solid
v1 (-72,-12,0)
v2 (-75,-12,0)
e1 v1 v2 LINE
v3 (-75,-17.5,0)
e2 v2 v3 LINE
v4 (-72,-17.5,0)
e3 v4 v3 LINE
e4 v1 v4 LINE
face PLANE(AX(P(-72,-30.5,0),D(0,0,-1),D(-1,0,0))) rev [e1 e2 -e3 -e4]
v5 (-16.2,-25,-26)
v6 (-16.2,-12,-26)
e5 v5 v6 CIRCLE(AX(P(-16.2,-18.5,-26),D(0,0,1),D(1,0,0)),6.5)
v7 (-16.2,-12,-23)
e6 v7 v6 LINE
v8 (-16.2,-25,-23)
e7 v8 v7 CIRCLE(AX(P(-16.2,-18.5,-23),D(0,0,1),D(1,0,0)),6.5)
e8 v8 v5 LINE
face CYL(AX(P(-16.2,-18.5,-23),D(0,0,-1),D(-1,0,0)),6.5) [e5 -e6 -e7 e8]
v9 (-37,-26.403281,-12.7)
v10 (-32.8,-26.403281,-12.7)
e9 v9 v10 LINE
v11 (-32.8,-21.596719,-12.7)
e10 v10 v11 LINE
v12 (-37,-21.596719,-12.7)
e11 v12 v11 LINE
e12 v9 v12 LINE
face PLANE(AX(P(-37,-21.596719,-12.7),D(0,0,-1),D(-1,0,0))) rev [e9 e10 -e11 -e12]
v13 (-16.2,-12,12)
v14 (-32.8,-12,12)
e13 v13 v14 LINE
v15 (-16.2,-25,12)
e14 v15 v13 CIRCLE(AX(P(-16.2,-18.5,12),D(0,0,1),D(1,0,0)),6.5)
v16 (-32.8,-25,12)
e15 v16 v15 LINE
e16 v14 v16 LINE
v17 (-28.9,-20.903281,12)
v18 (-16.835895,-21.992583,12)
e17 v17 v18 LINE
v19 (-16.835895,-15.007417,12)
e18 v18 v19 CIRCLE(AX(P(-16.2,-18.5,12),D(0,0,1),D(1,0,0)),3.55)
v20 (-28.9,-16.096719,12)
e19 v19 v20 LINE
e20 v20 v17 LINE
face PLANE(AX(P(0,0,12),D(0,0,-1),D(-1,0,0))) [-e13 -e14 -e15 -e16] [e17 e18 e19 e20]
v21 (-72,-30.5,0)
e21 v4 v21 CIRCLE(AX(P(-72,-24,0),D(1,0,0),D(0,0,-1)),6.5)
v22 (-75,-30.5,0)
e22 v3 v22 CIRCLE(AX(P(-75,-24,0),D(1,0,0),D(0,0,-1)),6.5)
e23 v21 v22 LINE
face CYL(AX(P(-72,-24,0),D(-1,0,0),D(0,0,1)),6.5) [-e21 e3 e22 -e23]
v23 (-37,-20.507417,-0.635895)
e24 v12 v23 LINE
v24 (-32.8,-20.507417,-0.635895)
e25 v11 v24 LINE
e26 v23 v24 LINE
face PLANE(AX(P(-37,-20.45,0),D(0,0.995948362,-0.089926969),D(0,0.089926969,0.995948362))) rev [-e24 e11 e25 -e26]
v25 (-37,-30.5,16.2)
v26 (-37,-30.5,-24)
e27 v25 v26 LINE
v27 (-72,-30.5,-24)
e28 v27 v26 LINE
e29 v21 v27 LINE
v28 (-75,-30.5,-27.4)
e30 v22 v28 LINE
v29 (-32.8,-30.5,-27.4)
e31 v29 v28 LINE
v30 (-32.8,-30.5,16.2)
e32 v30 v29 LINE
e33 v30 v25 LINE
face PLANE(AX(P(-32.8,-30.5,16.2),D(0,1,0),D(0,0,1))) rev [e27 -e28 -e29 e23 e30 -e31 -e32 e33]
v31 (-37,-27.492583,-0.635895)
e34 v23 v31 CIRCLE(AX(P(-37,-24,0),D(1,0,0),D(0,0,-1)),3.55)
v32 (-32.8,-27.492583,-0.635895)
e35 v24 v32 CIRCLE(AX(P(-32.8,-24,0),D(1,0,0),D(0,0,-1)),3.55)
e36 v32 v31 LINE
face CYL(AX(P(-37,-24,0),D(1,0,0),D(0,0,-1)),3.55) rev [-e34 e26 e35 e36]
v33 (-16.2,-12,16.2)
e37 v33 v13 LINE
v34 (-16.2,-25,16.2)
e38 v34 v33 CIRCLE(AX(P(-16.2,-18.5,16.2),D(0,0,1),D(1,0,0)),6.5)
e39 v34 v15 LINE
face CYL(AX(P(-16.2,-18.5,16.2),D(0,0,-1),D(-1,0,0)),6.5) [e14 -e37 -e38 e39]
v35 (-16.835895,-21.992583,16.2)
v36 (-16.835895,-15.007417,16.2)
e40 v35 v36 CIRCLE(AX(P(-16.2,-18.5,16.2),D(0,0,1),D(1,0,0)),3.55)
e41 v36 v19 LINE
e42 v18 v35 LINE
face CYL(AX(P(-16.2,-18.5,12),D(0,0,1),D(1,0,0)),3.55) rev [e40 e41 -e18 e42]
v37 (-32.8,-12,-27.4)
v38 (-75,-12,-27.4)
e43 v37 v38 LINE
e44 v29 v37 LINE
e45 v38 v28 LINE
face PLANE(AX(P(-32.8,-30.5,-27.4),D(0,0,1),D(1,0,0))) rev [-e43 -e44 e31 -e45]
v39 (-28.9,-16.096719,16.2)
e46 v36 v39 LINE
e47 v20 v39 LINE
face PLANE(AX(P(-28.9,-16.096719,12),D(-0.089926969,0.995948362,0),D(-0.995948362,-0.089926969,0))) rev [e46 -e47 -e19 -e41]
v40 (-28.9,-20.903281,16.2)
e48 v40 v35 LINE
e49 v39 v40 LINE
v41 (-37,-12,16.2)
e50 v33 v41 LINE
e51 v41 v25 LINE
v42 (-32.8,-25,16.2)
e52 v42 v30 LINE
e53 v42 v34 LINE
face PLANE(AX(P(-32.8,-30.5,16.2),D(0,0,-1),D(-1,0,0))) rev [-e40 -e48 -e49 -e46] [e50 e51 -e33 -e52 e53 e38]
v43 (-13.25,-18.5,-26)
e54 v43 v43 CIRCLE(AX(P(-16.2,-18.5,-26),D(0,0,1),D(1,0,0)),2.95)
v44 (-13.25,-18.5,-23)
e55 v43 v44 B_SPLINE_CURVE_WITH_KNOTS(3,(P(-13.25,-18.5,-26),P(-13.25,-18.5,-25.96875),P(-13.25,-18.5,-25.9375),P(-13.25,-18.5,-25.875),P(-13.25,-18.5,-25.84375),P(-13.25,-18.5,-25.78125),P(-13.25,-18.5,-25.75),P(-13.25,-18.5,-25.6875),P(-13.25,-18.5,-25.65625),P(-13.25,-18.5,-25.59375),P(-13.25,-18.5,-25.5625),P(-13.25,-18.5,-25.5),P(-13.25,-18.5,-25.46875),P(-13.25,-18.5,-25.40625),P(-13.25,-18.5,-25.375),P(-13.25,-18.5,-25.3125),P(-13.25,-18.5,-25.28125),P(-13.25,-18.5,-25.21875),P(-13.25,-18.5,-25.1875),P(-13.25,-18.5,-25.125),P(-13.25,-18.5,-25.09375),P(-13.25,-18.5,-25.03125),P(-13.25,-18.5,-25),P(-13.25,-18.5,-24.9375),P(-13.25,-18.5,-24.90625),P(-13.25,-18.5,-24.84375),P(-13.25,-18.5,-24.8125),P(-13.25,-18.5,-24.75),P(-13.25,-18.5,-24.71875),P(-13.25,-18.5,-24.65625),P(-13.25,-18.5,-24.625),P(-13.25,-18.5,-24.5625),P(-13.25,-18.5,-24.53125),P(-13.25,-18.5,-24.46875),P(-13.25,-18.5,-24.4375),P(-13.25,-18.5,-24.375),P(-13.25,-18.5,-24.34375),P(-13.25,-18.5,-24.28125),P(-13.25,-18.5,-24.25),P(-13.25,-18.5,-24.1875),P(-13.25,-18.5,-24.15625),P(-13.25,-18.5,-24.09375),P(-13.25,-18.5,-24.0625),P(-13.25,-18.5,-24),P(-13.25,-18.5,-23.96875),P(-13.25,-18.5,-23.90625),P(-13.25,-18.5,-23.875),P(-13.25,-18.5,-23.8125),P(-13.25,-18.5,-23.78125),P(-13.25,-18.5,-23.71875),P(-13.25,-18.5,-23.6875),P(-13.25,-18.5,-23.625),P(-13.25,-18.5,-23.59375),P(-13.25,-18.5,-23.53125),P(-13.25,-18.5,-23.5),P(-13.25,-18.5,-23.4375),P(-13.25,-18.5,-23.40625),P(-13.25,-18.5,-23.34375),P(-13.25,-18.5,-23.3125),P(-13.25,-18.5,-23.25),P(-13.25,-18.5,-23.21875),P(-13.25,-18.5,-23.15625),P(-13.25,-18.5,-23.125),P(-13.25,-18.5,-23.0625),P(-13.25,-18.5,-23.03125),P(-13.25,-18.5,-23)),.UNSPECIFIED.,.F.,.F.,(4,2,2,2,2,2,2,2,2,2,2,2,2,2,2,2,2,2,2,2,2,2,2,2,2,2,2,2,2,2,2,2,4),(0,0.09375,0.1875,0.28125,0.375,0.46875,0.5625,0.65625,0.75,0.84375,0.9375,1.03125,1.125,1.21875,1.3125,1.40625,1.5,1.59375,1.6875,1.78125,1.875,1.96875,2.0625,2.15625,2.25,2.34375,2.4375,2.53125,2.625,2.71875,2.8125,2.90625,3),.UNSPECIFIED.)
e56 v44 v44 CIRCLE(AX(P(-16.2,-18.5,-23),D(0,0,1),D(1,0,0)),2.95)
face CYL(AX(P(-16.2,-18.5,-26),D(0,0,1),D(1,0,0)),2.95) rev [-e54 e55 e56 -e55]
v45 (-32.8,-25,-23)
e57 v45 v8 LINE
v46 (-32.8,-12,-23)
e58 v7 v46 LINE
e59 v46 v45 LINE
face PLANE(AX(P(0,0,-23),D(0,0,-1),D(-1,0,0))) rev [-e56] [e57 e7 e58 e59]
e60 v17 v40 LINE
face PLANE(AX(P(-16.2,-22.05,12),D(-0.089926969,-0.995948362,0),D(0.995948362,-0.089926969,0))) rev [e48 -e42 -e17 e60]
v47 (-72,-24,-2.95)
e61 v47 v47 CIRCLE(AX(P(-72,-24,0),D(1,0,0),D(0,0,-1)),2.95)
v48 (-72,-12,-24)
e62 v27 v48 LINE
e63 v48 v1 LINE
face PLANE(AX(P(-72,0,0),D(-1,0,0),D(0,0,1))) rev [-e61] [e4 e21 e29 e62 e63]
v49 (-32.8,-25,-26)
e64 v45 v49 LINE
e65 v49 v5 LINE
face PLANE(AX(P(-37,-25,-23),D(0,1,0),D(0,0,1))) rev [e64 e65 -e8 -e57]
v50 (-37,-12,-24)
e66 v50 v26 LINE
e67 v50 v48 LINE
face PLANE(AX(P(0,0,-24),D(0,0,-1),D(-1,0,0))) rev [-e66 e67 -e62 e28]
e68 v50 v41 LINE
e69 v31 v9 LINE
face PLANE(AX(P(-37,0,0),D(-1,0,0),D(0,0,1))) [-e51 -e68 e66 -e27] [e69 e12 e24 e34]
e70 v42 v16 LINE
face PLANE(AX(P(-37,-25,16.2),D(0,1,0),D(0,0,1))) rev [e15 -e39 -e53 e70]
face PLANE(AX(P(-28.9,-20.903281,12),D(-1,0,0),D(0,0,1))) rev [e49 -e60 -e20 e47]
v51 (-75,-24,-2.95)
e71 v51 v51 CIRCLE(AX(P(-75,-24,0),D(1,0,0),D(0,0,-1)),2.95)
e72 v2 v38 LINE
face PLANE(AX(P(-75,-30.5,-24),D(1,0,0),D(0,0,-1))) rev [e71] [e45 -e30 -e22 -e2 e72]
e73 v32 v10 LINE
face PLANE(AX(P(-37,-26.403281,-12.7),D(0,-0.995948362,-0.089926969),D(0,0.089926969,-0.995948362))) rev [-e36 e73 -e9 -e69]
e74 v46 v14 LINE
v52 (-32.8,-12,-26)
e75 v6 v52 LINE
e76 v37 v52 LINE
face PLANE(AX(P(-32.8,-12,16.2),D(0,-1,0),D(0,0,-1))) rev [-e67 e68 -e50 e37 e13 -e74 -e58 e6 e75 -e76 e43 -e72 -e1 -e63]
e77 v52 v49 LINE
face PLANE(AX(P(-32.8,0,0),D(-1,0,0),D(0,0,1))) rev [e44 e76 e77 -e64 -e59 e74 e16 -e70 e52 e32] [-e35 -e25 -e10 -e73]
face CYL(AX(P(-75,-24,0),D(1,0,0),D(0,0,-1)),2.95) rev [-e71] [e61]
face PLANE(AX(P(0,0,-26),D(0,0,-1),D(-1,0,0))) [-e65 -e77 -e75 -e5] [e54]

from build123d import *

# Parameters (mm, degrees)
BOSS_EXTRUDE1_START = -34.9
SKETCH1_W           = 43.6
SKETCH1_H           = 18.5
BOSS_EXTRUDE1_DEPTH = 2.1
CUT_EXTRUDE1_START  = -34.9
SKETCH2_R           = 3.55
CUT_EXTRUDE1_DEPTH  = 2.1
CUT_EXTRUDE2_START  = -34.9
CUT_EXTRUDE2_DEPTH  = 2.1
BOSS_EXTRUDE2_START = 14.1
SKETCH4_R           = 6.5
BOSS_EXTRUDE2_DEPTH = 2.1
BOSS_EXTRUDE3_START = 14.1
SKETCH5_W           = 20.8
SKETCH5_H           = 13
BOSS_EXTRUDE3_DEPTH = 2.1
CUT_EXTRUDE3_START  = 14.1
SKETCH6_R           = 3.55
CUT_EXTRUDE3_DEPTH  = 2.1
CUT_EXTRUDE4_START  = 14.1
CUT_EXTRUDE4_DEPTH  = 2.1
BOSS_EXTRUDE4_START = -24.5
SKETCH8_R           = 6.5
BOSS_EXTRUDE4_DEPTH = 1.5
BOSS_EXTRUDE5_START = -24.5
SKETCH9_W           = 20.8
SKETCH9_H           = 13
BOSS_EXTRUDE5_DEPTH = 1.5
CUT_EXTRUDE5_START  = -24.5
SKETCH10_R          = 2.95
CUT_EXTRUDE5_DEPTH  = 1.5
BOSS_EXTRUDE6_START = -25.7
SKETCH11_W          = 42.2
SKETCH11_H          = 18.5
BOSS_EXTRUDE6_DEPTH = 1.7
BOSS_EXTRUDE7_START = -73.5
SKETCH12_R          = 6.5
BOSS_EXTRUDE7_DEPTH = 1.5
BOSS_EXTRUDE8_START = -73.5
SKETCH13_W          = 27.4
SKETCH13_H          = 18.5
BOSS_EXTRUDE8_DEPTH = 1.5
CUT_EXTRUDE6_START  = -73.5
SKETCH14_R          = 2.95
CUT_EXTRUDE6_DEPTH  = 1.5


with BuildPart() as part:
    # Sketch1 → Boss-Extrude1 (new, symmetric)
    with BuildSketch(Plane(origin=(0, 0, 0), x_dir=(0, 0, -1), z_dir=(1, 0, 0)).offset(BOSS_EXTRUDE1_START)):
        with Locations((5.6, -21.25)):
            Rectangle(SKETCH1_W, SKETCH1_H)
    extrude(amount=BOSS_EXTRUDE1_DEPTH, both=True)

    # Sketch2 → Cut-Extrude1 (cut, symmetric)
    with BuildSketch(Plane(origin=(0, 0, 0), x_dir=(0, 0, -1), z_dir=(1, 0, 0)).offset(CUT_EXTRUDE1_START)):
        with Locations((0, -24)):
            Circle(SKETCH2_R)
    extrude(amount=CUT_EXTRUDE1_DEPTH, both=True, mode=Mode.SUBTRACT)

    # Sketch3 → Cut-Extrude2 (cut, symmetric)
    with BuildSketch(Plane(origin=(0, 0, 0), x_dir=(0, 0, -1), z_dir=(1, 0, 0)).offset(CUT_EXTRUDE2_START)):
        Polygon((0, -20.45), (12.7, -21.596718595), (12.7, -26.403281405), (0, -27.55), align=None)
    extrude(amount=CUT_EXTRUDE2_DEPTH, both=True, mode=Mode.SUBTRACT)



with BuildPart() as body_2:
    # Sketch4 → Boss-Extrude2 (new, symmetric)
    with BuildSketch(Plane.XY.offset(BOSS_EXTRUDE2_START)):
        with Locations((-16.2, -18.5)):
            Circle(SKETCH4_R)
    extrude(amount=BOSS_EXTRUDE2_DEPTH, both=True)


with BuildPart() as part_1:
    add(part.part)

    add(body_2.part)  # Boss-Extrude3 merges body 2
    # Sketch5 → Boss-Extrude3 (add, symmetric)
    with BuildSketch(Plane.XY.offset(BOSS_EXTRUDE3_START)):
        with Locations((-26.6, -18.5)):
            Rectangle(SKETCH5_W, SKETCH5_H)
    extrude(amount=BOSS_EXTRUDE3_DEPTH, both=True)

    # Sketch6 → Cut-Extrude3 (cut, symmetric)
    with BuildSketch(Plane.XY.offset(CUT_EXTRUDE3_START)):
        with Locations((-16.2, -18.5)):
            Circle(SKETCH6_R)
    extrude(amount=CUT_EXTRUDE3_DEPTH, both=True, mode=Mode.SUBTRACT)

    # Sketch7 → Cut-Extrude4 (cut, symmetric)
    with BuildSketch(Plane.XY.offset(CUT_EXTRUDE4_START)):
        Polygon((-16.2, -22.05), (-28.9, -20.903281405), (-28.9, -16.096718595), (-16.2, -14.95), align=None)
    extrude(amount=CUT_EXTRUDE4_DEPTH, both=True, mode=Mode.SUBTRACT)



with BuildPart() as body_2_2:
    # Sketch8 → Boss-Extrude4 (new, symmetric)
    with BuildSketch(Plane.XY.offset(BOSS_EXTRUDE4_START)):
        with Locations(Location((-16.2, -18.5, 0), (0, 0, 180))):
            Circle(SKETCH8_R)
    extrude(amount=BOSS_EXTRUDE4_DEPTH, both=True)


with BuildPart() as part_2:
    add(part_1.part)

    add(body_2_2.part)  # Boss-Extrude5 merges body 2 2
    # Sketch9 → Boss-Extrude5 (add, symmetric)
    with BuildSketch(Plane.XY.offset(BOSS_EXTRUDE5_START)):
        with Locations((-26.6, -18.5)):
            Rectangle(SKETCH9_W, SKETCH9_H)
    extrude(amount=BOSS_EXTRUDE5_DEPTH, both=True)

    # Sketch10 → Cut-Extrude5 (cut, symmetric)
    with BuildSketch(Plane.XY.offset(CUT_EXTRUDE5_START)):
        with Locations((-16.2, -18.5)):
            Circle(SKETCH10_R)
    extrude(amount=CUT_EXTRUDE5_DEPTH, both=True, mode=Mode.SUBTRACT)

    # Sketch11 → Boss-Extrude6 (add, symmetric)
    with BuildSketch(Plane.XY.offset(BOSS_EXTRUDE6_START)):
        with Locations((-53.9, -21.25)):
            Rectangle(SKETCH11_W, SKETCH11_H)
    extrude(amount=BOSS_EXTRUDE6_DEPTH, both=True)



with BuildPart() as body_2_3:
    # Sketch12 → Boss-Extrude7 (new, symmetric)
    with BuildSketch(Plane(origin=(0, 0, 0), x_dir=(0, 0, -1), z_dir=(1, 0, 0)).offset(BOSS_EXTRUDE7_START)):
        with Locations((0, -24)):
            Circle(SKETCH12_R)
    extrude(amount=BOSS_EXTRUDE7_DEPTH, both=True)


with BuildPart() as part_3:
    add(part_2.part)

    add(body_2_3.part)  # Boss-Extrude8 merges body 2 3
    # Sketch13 → Boss-Extrude8 (add, symmetric)
    with BuildSketch(Plane(origin=(0, 0, 0), x_dir=(0, 0, -1), z_dir=(1, 0, 0)).offset(BOSS_EXTRUDE8_START)):
        with Locations((13.7, -21.25)):
            Rectangle(SKETCH13_W, SKETCH13_H)
    extrude(amount=BOSS_EXTRUDE8_DEPTH, both=True)

    # Sketch14 → Cut-Extrude6 (cut, symmetric)
    with BuildSketch(Plane(origin=(0, 0, 0), x_dir=(0, 0, -1), z_dir=(1, 0, 0)).offset(CUT_EXTRUDE6_START)):
        with Locations((0, -24)):
            Circle(SKETCH14_R)
    extrude(amount=CUT_EXTRUDE6_DEPTH, both=True, mode=Mode.SUBTRACT)


solid = part_3.part
